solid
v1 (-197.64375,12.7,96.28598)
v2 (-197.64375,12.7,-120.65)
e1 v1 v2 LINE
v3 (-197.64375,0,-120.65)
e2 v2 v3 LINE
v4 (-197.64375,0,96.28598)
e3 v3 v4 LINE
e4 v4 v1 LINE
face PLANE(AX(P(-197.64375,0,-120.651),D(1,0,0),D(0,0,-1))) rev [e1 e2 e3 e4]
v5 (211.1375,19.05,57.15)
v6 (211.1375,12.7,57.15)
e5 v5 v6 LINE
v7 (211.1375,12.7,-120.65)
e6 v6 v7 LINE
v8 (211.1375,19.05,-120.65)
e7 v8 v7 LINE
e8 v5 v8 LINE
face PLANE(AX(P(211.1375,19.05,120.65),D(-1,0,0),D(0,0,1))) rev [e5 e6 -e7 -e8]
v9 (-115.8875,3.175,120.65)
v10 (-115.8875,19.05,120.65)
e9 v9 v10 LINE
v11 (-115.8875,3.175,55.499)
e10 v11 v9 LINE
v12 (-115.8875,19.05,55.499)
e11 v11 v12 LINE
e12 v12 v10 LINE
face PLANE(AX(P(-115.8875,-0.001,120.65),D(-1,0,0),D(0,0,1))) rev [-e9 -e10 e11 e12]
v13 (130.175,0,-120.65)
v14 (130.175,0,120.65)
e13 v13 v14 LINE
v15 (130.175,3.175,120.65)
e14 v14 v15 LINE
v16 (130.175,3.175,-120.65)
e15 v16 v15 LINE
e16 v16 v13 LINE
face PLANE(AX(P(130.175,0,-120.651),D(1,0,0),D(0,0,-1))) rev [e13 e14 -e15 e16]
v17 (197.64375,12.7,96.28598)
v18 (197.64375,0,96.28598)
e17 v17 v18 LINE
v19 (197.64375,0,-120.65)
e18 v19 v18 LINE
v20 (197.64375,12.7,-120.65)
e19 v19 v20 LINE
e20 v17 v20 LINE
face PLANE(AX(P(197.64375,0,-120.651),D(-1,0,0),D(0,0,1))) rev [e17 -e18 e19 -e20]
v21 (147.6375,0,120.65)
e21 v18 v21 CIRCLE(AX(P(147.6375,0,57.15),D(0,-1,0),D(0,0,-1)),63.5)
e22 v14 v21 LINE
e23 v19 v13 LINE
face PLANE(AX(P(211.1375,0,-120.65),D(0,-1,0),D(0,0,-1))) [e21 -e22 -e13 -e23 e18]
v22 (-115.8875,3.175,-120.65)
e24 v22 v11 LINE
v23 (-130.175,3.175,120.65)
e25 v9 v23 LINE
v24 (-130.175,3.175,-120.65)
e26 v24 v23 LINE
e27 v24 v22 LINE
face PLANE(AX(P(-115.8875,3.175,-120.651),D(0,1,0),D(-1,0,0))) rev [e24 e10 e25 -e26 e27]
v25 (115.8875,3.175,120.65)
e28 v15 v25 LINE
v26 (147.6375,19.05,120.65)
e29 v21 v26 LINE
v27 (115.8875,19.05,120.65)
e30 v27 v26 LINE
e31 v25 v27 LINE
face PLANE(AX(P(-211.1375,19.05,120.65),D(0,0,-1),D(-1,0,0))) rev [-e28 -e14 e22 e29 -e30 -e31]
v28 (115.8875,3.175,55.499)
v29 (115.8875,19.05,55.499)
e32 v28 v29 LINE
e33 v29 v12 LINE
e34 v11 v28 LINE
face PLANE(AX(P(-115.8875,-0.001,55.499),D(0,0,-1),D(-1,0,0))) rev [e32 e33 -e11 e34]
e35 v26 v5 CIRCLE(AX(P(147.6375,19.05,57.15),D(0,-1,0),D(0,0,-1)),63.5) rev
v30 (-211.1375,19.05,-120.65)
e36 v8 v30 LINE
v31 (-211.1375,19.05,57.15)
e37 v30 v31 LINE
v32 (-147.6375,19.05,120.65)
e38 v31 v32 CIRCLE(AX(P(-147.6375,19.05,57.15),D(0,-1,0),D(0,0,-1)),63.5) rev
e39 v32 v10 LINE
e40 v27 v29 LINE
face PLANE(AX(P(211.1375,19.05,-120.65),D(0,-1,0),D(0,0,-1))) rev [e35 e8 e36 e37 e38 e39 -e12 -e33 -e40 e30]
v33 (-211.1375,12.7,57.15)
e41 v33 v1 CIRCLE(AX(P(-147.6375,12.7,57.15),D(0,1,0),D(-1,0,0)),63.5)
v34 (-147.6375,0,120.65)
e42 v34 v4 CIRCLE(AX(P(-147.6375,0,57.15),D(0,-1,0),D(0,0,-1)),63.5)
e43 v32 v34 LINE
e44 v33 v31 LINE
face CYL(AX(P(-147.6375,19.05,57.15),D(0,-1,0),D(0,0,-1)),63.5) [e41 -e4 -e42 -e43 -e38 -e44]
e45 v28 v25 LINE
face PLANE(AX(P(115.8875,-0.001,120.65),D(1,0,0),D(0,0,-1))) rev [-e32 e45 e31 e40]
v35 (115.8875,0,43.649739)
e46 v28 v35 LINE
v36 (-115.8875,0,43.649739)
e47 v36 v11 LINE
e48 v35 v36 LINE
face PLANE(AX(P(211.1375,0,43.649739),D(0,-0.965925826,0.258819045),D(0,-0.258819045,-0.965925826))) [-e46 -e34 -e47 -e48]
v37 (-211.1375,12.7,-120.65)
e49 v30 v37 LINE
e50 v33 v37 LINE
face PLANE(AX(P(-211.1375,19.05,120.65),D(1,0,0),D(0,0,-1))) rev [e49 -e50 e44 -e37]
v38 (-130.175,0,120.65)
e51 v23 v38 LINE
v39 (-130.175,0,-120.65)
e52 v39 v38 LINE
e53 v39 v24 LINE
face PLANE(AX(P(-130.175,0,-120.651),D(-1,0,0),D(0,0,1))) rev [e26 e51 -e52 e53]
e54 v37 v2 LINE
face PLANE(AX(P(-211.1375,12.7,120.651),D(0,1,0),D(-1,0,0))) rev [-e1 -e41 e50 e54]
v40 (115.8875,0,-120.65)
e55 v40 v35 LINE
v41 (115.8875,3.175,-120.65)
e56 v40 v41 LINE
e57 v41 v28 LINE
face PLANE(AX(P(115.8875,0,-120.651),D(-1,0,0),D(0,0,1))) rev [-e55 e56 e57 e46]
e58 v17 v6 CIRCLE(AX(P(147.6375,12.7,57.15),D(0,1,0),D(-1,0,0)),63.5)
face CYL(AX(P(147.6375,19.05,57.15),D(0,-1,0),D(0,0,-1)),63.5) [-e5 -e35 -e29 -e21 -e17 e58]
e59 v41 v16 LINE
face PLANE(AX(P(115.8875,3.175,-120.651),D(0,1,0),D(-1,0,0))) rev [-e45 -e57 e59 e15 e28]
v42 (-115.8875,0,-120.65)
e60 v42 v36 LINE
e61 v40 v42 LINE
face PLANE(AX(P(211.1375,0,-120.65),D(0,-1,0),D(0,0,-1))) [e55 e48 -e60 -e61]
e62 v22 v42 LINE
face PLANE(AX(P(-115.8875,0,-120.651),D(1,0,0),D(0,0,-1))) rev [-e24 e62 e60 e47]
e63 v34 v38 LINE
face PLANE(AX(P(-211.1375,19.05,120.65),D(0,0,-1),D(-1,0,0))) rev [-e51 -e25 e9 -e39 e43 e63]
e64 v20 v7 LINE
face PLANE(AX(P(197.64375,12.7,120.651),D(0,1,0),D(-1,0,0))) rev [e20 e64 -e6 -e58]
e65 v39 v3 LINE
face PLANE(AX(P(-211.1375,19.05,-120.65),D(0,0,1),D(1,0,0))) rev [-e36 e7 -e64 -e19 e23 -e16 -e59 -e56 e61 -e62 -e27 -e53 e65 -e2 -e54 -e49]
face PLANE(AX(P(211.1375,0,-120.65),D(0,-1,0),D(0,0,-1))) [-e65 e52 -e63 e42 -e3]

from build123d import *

# Parameters (mm, degrees)
SKETCH1_W           = 422.275
SKETCH1_H           = 241.3
BOSS_EXTRUDE1_DEPTH = 19.05
CUT_EXTRUDE1_REACH  = 245.923
SKETCH2_W           = 231.775
SKETCH2_H           = 65.151
CUT_EXTRUDE2_REACH  = 323.197
SKETCH3_W           = 14.2875
SKETCH3_H           = 3.175
CUT_EXTRUDE3_REACH  = 323.197
SKETCH4_W           = 13.49375
SKETCH4_H           = 3.175
FILLET1_R           = 63.5
CUT_EXTRUDE4_REACH  = 323.197
SKETCH5_W           = 13.49375
SKETCH5_H           = 9.525
CHAMFER1_SIZE       = 3.175
CHAMFER1_SIZE2      = 11.849261314


with BuildPart() as part:
    # Sketch1 → Boss-Extrude1 (new body)
    with BuildSketch(Plane(origin=(0, 0, 0), x_dir=(1, 0, 0), z_dir=(0, 1, 0))):
        Rectangle(SKETCH1_W, SKETCH1_H)
    extrude(amount=BOSS_EXTRUDE1_DEPTH)

    # Sketch2 → Cut-Extrude1 (cut, up to next)
    with BuildSketch(Plane(origin=(0, 19.05, 0), x_dir=(1, 0, 0), z_dir=(0, 1, 0)), mode=Mode.PRIVATE) as cut_extrude1_sk1:
        with Locations((0, -88.0745)):
            Rectangle(SKETCH2_W, SKETCH2_H)
    cut_extrude1_tool1 = extrude(cut_extrude1_sk1.sketch, amount=-CUT_EXTRUDE1_REACH, mode=Mode.PRIVATE) & part.part
    add(cut_extrude1_tool1.solids().sort_by_distance((0, 19.05, 88.0745))[0], mode=Mode.SUBTRACT)

    # Sketch3 → Cut-Extrude2 (cut, up to next)
    with BuildSketch(Plane.XY.offset(120.65), mode=Mode.PRIVATE) as cut_extrude2_sk1:
        with Locations((-123.03125, 1.5875)):
            Rectangle(SKETCH3_W, SKETCH3_H)
    cut_extrude2_tool1 = extrude(cut_extrude2_sk1.sketch, amount=-CUT_EXTRUDE2_REACH, mode=Mode.PRIVATE) & part.part
    # Sketch3 → Cut-Extrude2 (cut, up to next)
    with BuildSketch(Plane.XY.offset(120.65), mode=Mode.PRIVATE) as cut_extrude2_sk2:
        with Locations((123.03125, 1.5875)):
            Rectangle(SKETCH3_W, SKETCH3_H)
    cut_extrude2_tool2 = extrude(cut_extrude2_sk2.sketch, amount=-CUT_EXTRUDE2_REACH, mode=Mode.PRIVATE) & part.part
    add(cut_extrude2_tool1.solids().sort_by_distance((-123.03125, 1.5875, 120.65))[0], mode=Mode.SUBTRACT)
    add(cut_extrude2_tool2.solids().sort_by_distance((123.03125, 1.5875, 120.65))[0], mode=Mode.SUBTRACT)

    # Sketch4 → Cut-Extrude3 (cut, up to next)
    with BuildSketch(Plane.XY.offset(120.65), mode=Mode.PRIVATE) as cut_extrude3_sk1:
        with Locations((-204.390625, 1.5875)):
            Rectangle(SKETCH4_W, SKETCH4_H)
    cut_extrude3_tool1 = extrude(cut_extrude3_sk1.sketch, amount=-CUT_EXTRUDE3_REACH, mode=Mode.PRIVATE) & part.part
    # Sketch4 → Cut-Extrude3 (cut, up to next)
    with BuildSketch(Plane.XY.offset(120.65), mode=Mode.PRIVATE) as cut_extrude3_sk2:
        with Locations((204.390625, 1.5875)):
            Rectangle(SKETCH4_W, SKETCH4_H)
    cut_extrude3_tool2 = extrude(cut_extrude3_sk2.sketch, amount=-CUT_EXTRUDE3_REACH, mode=Mode.PRIVATE) & part.part
    add(cut_extrude3_tool1.solids().sort_by_distance((-204.390625, 1.5875, 120.65))[0], mode=Mode.SUBTRACT)
    add(cut_extrude3_tool2.solids().sort_by_distance((204.390625, 1.5875, 120.65))[0], mode=Mode.SUBTRACT)

    # Fillet1
    fillet1_edges = [part.edges().sort_by_distance(p)[0] for p in [
        (211.1375, 11.1125, 120.65),
        (-211.1375, 11.1125, 120.65),
    ]]
    fillet(fillet1_edges, radius=FILLET1_R)

    # Sketch5 → Cut-Extrude4 (cut, up to next)
    with BuildSketch(Plane(origin=(0, 0, -120.65), x_dir=(-1, 0, 0), z_dir=(0, 0, -1)), mode=Mode.PRIVATE) as cut_extrude4_sk1:
        with Locations((-204.390625, 7.9375)):
            Rectangle(SKETCH5_W, SKETCH5_H)
    cut_extrude4_tool1 = extrude(cut_extrude4_sk1.sketch, amount=-CUT_EXTRUDE4_REACH, mode=Mode.PRIVATE) & part.part
    # Sketch5 → Cut-Extrude4 (cut, up to next)
    with BuildSketch(Plane(origin=(0, 0, -120.65), x_dir=(-1, 0, 0), z_dir=(0, 0, -1)), mode=Mode.PRIVATE) as cut_extrude4_sk2:
        with Locations((204.390625, 7.9375)):
            Rectangle(SKETCH5_W, SKETCH5_H)
    cut_extrude4_tool2 = extrude(cut_extrude4_sk2.sketch, amount=-CUT_EXTRUDE4_REACH, mode=Mode.PRIVATE) & part.part
    add(cut_extrude4_tool1.solids().sort_by_distance((204.390625, 7.9375, -120.65))[0], mode=Mode.SUBTRACT)
    add(cut_extrude4_tool2.solids().sort_by_distance((-204.390625, 7.9375, -120.65))[0], mode=Mode.SUBTRACT)

    # Chamfer1
    chamfer1_edges = [part.edges().sort_by_distance(p)[0] for p in [
        (0, 0, 55.499),
    ]]
    chamfer1_side = [part.faces().sort_by_distance(p)[0] for p in [
        (0, 9.525, 55.499),
    ]]
    chamfer(chamfer1_edges, length=CHAMFER1_SIZE, length2=CHAMFER1_SIZE2, reference=chamfer1_side[0])


solid = part.part
